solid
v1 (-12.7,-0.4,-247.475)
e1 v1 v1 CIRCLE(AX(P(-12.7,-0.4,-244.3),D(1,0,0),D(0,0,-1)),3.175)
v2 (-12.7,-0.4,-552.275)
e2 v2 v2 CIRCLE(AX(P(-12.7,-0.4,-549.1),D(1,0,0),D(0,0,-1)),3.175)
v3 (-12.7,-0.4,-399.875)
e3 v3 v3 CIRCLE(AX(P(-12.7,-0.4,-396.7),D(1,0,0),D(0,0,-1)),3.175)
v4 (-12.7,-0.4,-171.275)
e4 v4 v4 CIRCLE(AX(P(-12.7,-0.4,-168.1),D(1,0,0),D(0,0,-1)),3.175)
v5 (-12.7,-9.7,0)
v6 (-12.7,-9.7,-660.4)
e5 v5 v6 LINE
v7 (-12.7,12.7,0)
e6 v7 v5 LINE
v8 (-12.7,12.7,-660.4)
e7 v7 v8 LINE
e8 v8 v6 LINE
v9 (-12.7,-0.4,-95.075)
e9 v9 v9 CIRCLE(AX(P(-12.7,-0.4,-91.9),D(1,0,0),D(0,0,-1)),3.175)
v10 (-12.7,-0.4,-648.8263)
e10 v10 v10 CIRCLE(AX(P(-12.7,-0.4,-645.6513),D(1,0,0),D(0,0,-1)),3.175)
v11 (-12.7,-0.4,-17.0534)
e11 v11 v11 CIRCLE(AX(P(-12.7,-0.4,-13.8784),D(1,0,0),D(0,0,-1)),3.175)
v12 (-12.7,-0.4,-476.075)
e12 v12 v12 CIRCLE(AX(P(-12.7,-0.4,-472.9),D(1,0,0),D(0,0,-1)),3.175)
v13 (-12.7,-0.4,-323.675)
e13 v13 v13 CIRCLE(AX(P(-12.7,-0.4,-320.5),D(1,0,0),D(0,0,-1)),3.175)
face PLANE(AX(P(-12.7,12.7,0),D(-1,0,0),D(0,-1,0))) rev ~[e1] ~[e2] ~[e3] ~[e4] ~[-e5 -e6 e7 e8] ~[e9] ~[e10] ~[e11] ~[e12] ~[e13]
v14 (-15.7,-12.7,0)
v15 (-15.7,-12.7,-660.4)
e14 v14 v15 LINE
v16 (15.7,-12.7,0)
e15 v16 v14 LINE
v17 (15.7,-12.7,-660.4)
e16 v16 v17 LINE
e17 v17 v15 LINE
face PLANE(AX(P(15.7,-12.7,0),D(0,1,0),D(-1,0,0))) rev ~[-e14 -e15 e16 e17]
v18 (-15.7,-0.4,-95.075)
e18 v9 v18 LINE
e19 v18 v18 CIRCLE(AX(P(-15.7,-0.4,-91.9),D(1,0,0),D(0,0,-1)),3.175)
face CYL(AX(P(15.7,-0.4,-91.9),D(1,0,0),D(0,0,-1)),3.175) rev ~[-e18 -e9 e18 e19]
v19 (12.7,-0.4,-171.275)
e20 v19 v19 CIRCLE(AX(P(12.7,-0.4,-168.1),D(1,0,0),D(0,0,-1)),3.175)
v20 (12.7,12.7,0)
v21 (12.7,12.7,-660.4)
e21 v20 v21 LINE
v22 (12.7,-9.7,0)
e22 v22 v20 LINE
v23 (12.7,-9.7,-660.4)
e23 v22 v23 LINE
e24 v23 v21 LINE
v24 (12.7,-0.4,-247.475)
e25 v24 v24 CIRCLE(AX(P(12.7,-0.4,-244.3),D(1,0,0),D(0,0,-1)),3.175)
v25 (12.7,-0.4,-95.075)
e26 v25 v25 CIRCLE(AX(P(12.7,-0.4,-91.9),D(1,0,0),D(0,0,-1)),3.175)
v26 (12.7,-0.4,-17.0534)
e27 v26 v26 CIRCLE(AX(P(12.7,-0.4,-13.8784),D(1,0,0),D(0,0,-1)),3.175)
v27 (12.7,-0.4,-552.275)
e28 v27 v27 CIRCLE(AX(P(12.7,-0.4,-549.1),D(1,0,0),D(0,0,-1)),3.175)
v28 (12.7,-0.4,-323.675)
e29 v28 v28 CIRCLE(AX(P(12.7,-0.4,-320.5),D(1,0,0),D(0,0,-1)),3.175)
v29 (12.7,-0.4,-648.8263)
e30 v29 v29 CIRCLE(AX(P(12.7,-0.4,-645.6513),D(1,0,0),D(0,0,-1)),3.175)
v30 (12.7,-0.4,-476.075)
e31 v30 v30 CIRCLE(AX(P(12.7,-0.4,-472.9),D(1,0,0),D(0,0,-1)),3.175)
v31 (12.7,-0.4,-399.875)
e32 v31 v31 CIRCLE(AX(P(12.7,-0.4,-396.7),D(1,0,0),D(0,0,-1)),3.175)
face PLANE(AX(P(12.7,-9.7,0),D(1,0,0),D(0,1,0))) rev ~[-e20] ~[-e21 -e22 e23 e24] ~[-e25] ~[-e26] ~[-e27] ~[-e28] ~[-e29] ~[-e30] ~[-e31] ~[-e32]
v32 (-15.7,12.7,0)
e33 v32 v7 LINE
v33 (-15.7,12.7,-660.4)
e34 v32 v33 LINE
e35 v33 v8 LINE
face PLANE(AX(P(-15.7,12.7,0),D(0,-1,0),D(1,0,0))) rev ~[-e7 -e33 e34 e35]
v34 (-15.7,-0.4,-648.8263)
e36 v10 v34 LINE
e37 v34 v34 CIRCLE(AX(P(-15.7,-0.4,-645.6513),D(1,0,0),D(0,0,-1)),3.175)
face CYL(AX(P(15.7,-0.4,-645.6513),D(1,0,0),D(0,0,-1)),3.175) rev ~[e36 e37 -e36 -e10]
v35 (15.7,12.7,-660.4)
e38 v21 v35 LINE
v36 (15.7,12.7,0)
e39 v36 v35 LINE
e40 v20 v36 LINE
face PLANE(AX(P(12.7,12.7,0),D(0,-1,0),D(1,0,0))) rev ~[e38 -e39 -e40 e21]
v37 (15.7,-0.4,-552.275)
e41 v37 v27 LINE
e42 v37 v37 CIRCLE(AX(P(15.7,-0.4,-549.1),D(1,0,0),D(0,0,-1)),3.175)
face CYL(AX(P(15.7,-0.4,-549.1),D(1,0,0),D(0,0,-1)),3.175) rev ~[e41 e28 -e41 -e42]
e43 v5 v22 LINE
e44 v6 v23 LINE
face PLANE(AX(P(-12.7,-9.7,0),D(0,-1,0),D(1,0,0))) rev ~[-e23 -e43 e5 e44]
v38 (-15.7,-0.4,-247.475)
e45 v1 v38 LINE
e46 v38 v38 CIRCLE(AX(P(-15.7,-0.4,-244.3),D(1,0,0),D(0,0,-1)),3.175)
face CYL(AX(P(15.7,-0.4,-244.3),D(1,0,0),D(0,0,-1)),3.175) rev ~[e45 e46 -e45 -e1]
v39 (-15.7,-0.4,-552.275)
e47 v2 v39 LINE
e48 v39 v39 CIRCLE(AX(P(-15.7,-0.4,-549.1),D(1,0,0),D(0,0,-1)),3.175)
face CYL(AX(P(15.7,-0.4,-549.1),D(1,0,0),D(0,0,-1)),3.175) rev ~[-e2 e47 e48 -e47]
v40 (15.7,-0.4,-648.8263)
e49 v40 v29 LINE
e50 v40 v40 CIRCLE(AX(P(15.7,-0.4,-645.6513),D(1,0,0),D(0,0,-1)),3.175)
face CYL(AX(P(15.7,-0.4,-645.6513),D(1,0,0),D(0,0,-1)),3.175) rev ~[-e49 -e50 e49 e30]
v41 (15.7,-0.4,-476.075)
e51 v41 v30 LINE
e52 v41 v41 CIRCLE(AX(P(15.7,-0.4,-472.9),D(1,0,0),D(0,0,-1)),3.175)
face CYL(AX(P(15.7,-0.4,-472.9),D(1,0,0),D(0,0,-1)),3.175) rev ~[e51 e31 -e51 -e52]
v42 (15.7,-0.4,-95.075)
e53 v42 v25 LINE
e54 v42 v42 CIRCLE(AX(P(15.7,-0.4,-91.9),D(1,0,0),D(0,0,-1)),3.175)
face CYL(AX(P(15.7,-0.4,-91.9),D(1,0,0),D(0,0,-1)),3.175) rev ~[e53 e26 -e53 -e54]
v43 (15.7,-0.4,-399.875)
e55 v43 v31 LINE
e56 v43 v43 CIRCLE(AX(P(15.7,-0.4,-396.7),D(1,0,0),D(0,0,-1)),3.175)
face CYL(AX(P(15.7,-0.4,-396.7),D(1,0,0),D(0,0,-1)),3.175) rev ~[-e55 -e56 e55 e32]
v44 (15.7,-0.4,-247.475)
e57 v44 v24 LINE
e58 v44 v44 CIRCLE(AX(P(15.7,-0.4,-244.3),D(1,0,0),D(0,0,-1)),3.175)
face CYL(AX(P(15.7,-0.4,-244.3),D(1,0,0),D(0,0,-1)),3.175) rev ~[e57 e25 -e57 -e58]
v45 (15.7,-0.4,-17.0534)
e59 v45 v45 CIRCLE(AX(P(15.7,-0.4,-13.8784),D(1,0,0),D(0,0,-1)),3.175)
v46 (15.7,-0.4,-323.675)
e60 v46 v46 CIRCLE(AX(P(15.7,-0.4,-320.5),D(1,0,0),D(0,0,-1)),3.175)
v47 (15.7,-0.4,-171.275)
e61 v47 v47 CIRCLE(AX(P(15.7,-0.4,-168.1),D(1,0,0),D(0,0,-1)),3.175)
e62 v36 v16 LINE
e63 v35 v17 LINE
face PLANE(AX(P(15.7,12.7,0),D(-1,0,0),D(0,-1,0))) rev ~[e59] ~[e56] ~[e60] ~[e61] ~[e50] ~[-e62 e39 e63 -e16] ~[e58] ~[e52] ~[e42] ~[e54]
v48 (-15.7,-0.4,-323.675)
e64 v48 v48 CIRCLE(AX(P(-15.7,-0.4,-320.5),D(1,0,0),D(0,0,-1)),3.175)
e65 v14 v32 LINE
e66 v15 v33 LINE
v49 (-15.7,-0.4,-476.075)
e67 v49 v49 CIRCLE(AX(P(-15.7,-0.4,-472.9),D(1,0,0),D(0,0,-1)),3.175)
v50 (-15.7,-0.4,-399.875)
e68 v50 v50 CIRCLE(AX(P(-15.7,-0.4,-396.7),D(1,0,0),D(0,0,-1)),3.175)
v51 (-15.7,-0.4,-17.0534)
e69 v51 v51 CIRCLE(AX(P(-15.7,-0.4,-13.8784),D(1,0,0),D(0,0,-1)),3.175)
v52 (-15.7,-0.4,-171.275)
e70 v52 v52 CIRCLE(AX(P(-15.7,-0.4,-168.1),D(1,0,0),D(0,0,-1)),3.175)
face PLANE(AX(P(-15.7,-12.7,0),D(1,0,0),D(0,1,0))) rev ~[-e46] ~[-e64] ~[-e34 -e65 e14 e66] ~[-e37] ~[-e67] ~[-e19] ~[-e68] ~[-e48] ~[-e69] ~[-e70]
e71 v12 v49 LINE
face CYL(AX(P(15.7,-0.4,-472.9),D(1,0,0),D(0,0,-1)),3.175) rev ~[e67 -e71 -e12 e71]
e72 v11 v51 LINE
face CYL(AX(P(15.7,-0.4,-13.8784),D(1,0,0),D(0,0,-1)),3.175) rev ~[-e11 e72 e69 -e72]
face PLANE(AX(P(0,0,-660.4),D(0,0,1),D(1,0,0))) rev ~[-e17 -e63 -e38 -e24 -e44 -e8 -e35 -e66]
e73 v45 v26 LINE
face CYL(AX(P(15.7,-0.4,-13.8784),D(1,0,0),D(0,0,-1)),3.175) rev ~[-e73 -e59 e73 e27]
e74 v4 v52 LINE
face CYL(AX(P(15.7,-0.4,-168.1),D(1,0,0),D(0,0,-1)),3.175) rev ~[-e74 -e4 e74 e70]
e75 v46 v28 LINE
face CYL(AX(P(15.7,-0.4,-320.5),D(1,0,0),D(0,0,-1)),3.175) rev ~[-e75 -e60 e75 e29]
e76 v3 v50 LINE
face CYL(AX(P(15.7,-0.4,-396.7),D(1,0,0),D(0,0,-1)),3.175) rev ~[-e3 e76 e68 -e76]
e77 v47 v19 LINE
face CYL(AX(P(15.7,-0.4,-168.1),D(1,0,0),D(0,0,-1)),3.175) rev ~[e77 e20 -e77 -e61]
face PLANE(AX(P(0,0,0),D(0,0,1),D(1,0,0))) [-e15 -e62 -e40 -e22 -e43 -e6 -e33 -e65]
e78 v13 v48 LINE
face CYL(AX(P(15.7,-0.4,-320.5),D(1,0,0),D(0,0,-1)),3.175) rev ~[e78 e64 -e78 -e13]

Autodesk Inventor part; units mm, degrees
ref_plane "YZ Plane" through (0, 0, 0) normal (1, 0, 0) x (0, 1, 0)
ref_plane "XZ Plane" through (0, 0, 0) normal (0, 1, 0) x (-1, 0, 0)
ref_plane "XY Plane" through (0, 0, 0) normal (0, 0, 1) x (1, 0, 0)
sketch "Sketch1" plane through (0, 0, 0) normal (0, 0, 1) x (1, 0, 0)
  line L0 (-15.7, 12.7) -> (-12.7, 12.7)
  line L1 (-12.7, 12.7) -> (-12.7, -9.7)
  line L2 (-12.7, -9.7) -> (12.7, -9.7)
  line L3 (12.7, -9.7) -> (12.7, 12.7)
  line L4 (12.7, 12.7) -> (15.7, 12.7)
  line L5 (15.7, 12.7) -> (15.7, -12.7)
  line L6 (15.7, -12.7) -> (-15.7, -12.7)
  line L7 (-15.7, -12.7) -> (-15.7, 12.7)
  point P0 (0, 0)
  dimension "d0" = 3
  dimension "d2" = 3
  dimension "d3" = 25.4
  dimension "d4" = 31.4
  dimension "d5" = 15.7
  dimension "d7" = 12.7
  dimension "d8" = 3
extrude "Extrusion1" add sketch "Sketch1" against normal blind 660.4
sketch "Sketch5" plane through (15.7, -12.7, 0) normal (1, 0, 0) x (0, 0, -1)
  circle A0 centre (13.8784, 12.3) radius 3.175
  circle A1 centre (91.9, 12.3) radius 3.175
  circle A2 centre (168.1, 12.3) radius 3.175
  circle A3 centre (244.3, 12.3) radius 3.175
  circle A4 centre (320.5, 12.3) radius 3.175
  circle A5 centre (396.7, 12.3) radius 3.175
  circle A6 centre (472.9, 12.3) radius 3.175
  circle A7 centre (549.1, 12.3) radius 3.175
  circle A8 centre (645.6513, 12.3) radius 3.175
  point P0 (0, 12.7)
  dimension "d56" = 6.35
  dimension "d58" = 6.35
  dimension "d59" = 6.35
  dimension "d60" = 6.35
  dimension "d61" = 6.35
  dimension "d62" = 6.35
  dimension "d63" = 6.35
  dimension "d64" = 6.35
  dimension "d65" = 6.35
extrude "Extrusion5" cut sketch "Sketch5" against normal blind 76.2
equation "\"d2\" = d0"
equation "\"d5\" = 0.5 * d4"
equation "\"d7\" = 0.5 * d3"
equation "\"d8\" = d0"
equation "\"d58\" = d56"
equation "\"d59\" = d58"
equation "\"d60\" = d59"
equation "\"d61\" = d60"
equation "\"d62\" = d61"
equation "\"d63\" = d62"
equation "\"d64\" = d63"
equation "\"d65\" = d64"
properties part number "26in C-Channel Left" material "Aluminum 6061"
